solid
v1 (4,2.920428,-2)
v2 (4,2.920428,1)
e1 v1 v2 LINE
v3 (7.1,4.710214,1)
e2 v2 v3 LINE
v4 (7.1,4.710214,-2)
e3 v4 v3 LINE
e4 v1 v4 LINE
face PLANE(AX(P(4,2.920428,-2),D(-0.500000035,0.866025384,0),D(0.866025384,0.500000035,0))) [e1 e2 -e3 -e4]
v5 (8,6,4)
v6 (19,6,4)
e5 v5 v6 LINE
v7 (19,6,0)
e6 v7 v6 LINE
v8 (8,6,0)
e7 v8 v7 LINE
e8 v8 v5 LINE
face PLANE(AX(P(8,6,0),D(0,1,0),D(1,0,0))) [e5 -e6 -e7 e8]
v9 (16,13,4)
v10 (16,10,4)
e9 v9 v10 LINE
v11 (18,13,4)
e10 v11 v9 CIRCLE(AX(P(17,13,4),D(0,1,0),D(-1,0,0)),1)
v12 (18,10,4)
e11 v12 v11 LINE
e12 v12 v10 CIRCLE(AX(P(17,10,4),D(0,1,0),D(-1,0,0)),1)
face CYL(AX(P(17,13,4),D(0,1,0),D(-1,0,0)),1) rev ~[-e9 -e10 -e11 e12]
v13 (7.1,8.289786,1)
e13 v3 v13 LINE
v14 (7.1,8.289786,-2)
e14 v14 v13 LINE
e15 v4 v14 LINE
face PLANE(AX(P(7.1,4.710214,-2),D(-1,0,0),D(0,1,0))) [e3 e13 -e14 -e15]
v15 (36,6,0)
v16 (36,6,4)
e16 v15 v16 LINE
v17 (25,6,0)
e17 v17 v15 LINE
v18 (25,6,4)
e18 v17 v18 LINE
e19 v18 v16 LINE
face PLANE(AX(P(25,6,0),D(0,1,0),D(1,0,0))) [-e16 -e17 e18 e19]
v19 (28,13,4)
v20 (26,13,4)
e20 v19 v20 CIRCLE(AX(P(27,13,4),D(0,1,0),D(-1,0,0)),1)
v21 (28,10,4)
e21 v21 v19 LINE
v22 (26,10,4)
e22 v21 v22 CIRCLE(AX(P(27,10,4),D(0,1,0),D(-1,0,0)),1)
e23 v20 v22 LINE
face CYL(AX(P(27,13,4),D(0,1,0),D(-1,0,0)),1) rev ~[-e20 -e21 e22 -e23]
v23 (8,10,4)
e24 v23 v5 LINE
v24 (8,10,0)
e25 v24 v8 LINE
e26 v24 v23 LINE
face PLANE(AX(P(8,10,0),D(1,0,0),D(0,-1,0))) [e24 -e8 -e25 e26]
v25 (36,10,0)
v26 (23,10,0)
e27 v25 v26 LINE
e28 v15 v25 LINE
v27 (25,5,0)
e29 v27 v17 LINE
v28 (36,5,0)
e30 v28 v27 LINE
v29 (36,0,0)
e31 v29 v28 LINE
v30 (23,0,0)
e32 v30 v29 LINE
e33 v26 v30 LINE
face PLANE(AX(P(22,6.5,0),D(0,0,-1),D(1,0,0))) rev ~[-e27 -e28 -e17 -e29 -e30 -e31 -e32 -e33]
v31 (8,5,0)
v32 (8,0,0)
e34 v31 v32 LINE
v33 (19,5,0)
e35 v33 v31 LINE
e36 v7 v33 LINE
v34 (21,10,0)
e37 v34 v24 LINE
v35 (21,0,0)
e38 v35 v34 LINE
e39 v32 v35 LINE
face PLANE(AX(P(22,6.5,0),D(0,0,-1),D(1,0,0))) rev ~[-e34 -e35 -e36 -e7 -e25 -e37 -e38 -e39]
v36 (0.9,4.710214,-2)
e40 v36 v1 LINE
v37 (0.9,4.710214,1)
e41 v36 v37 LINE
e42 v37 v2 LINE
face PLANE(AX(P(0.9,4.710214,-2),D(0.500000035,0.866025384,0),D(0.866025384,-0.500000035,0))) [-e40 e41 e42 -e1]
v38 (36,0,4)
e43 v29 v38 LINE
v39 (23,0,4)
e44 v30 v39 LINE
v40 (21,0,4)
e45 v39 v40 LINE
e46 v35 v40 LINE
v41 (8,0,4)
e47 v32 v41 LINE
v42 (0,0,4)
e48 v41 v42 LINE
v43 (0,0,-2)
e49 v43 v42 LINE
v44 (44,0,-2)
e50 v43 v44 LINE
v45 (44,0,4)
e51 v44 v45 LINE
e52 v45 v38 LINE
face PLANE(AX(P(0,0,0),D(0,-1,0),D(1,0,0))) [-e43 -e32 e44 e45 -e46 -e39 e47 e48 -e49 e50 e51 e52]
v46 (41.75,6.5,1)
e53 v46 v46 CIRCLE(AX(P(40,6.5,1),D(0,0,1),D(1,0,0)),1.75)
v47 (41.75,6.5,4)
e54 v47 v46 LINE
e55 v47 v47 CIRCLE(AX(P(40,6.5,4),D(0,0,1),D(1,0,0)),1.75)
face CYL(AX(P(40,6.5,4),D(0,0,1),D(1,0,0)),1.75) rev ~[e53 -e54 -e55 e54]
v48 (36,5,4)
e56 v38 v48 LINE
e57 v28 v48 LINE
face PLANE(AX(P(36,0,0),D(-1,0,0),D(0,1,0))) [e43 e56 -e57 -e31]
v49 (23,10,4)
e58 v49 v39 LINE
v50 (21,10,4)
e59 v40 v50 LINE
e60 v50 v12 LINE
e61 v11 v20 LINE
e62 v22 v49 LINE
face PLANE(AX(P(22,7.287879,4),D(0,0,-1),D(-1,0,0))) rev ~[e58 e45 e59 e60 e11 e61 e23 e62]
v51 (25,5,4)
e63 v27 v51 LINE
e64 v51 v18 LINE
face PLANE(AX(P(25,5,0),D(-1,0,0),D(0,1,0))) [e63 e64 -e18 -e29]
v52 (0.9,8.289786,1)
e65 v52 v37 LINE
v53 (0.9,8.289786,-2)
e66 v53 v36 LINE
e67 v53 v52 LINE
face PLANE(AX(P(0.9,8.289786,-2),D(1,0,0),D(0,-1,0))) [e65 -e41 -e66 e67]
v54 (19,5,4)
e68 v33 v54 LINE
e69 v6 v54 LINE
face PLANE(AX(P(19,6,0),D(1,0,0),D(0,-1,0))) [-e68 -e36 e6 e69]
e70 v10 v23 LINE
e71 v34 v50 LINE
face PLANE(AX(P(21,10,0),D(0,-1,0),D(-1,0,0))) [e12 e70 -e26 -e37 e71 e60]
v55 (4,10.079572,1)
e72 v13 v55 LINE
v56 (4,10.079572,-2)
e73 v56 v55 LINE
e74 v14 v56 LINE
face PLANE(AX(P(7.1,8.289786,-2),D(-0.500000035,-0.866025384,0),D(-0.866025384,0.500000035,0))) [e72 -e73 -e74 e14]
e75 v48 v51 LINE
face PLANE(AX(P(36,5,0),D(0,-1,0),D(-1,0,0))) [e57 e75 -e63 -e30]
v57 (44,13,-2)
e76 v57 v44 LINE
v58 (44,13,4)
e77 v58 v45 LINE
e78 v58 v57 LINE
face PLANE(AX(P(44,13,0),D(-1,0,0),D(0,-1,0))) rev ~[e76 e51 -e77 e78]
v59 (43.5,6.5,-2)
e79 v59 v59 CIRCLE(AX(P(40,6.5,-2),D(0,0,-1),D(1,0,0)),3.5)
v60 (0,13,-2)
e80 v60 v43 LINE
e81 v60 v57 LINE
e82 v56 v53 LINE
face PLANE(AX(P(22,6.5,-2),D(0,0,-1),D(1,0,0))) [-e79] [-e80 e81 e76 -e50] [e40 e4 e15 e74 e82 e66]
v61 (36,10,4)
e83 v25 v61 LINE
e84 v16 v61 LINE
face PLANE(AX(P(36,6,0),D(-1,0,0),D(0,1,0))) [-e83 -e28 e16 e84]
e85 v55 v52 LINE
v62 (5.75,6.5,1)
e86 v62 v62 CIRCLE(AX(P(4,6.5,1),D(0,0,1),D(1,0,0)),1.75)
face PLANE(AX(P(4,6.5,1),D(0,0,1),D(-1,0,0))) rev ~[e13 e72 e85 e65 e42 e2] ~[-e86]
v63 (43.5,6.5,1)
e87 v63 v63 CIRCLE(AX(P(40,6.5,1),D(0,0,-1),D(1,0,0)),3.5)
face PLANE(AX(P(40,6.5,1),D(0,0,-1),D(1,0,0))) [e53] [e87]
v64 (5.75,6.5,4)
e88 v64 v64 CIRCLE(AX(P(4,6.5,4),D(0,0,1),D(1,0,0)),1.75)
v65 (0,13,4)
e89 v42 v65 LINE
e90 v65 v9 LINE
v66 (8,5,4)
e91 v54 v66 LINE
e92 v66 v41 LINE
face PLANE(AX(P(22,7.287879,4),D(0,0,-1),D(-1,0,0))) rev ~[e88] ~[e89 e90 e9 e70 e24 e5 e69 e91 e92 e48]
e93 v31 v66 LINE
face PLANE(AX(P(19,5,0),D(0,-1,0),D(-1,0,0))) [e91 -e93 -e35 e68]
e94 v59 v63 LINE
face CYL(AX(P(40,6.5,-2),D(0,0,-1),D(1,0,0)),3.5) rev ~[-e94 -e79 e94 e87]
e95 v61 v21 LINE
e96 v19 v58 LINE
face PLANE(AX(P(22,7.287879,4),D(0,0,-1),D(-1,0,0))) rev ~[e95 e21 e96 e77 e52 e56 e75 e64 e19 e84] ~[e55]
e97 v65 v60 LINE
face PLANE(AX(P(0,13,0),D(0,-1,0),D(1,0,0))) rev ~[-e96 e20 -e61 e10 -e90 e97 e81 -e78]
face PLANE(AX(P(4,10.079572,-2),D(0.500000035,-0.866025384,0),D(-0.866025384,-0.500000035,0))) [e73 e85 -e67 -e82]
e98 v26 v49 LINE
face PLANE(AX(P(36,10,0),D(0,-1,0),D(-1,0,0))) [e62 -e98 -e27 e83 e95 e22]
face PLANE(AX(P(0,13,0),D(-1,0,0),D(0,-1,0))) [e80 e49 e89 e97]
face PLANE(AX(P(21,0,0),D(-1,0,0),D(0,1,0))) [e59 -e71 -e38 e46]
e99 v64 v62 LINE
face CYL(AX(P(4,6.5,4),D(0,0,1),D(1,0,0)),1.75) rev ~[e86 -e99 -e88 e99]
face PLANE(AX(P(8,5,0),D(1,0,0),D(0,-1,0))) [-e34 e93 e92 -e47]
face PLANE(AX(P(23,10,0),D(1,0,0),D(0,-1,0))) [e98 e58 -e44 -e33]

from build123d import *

# Parameters (mm, degrees)
PAD_DEPTH       = 4
SKETCH001_R     = 1
POCKET_DEPTH    = 5
SKETCH002_W     = 44
SKETCH002_H     = 13
PAD001_DEPTH    = 2
SKETCH004_R     = 3.5
POCKET001_DEPTH = 3
SKETCH005_R     = 1.75
POCKET002_DEPTH = 5


with BuildPart() as part:
    # Sketch → Pad (new body)
    with BuildSketch(Plane.XY):
        Polygon((8, 10), (8, 6), (19, 6), (19, 5), (8, 5), (8, 0), (0, 0), (0, 13), (44, 13), (44, 0), (36, 0), (36, 5), (25, 5), (25, 6), (36, 6), (36, 10), (23, 10), (23, 0), (21, 0), (21, 10), align=None)
    extrude(amount=PAD_DEPTH)

    # Sketch001 → Pocket (cut)
    with BuildSketch(Plane(origin=(0, 13, 0), x_dir=(-1, 0, 0), z_dir=(0, 1, 0))):
        with Locations((-27, 4)):
            Circle(SKETCH001_R)
        with Locations((-17, 4)):
            Circle(SKETCH001_R)
    extrude(amount=-POCKET_DEPTH, mode=Mode.SUBTRACT)

    # Sketch002 → Pad001 (new body)
    with BuildSketch(Plane(origin=(0, 0, 0), x_dir=(1, 0, 0), z_dir=(0, 0, -1))):
        with Locations((22, -6.5)):
            Rectangle(SKETCH002_W, SKETCH002_H)
    extrude(amount=PAD001_DEPTH)

    # Sketch004 → Pocket001 (cut)
    with BuildSketch(Plane(origin=(0, 0, -2), x_dir=(1, 0, 0), z_dir=(0, 0, -1))):
        with Locations((40, -6.5)):
            Circle(SKETCH004_R)
        Polygon((0.9, -8.289786), (0.9, -4.710214), (4, -2.920428), (7.1, -4.710214), (7.1, -8.289786), (4, -10.079572), align=None)
    extrude(amount=-POCKET001_DEPTH, mode=Mode.SUBTRACT)

    # Sketch005 → Pocket002 (cut)
    with BuildSketch(Plane.XY.offset(4)):
        with Locations((4, 6.5)):
            Circle(SKETCH005_R)
        with Locations((40, 6.5)):
            Circle(SKETCH005_R)
    extrude(amount=-POCKET002_DEPTH, mode=Mode.SUBTRACT)


solid = part.part
